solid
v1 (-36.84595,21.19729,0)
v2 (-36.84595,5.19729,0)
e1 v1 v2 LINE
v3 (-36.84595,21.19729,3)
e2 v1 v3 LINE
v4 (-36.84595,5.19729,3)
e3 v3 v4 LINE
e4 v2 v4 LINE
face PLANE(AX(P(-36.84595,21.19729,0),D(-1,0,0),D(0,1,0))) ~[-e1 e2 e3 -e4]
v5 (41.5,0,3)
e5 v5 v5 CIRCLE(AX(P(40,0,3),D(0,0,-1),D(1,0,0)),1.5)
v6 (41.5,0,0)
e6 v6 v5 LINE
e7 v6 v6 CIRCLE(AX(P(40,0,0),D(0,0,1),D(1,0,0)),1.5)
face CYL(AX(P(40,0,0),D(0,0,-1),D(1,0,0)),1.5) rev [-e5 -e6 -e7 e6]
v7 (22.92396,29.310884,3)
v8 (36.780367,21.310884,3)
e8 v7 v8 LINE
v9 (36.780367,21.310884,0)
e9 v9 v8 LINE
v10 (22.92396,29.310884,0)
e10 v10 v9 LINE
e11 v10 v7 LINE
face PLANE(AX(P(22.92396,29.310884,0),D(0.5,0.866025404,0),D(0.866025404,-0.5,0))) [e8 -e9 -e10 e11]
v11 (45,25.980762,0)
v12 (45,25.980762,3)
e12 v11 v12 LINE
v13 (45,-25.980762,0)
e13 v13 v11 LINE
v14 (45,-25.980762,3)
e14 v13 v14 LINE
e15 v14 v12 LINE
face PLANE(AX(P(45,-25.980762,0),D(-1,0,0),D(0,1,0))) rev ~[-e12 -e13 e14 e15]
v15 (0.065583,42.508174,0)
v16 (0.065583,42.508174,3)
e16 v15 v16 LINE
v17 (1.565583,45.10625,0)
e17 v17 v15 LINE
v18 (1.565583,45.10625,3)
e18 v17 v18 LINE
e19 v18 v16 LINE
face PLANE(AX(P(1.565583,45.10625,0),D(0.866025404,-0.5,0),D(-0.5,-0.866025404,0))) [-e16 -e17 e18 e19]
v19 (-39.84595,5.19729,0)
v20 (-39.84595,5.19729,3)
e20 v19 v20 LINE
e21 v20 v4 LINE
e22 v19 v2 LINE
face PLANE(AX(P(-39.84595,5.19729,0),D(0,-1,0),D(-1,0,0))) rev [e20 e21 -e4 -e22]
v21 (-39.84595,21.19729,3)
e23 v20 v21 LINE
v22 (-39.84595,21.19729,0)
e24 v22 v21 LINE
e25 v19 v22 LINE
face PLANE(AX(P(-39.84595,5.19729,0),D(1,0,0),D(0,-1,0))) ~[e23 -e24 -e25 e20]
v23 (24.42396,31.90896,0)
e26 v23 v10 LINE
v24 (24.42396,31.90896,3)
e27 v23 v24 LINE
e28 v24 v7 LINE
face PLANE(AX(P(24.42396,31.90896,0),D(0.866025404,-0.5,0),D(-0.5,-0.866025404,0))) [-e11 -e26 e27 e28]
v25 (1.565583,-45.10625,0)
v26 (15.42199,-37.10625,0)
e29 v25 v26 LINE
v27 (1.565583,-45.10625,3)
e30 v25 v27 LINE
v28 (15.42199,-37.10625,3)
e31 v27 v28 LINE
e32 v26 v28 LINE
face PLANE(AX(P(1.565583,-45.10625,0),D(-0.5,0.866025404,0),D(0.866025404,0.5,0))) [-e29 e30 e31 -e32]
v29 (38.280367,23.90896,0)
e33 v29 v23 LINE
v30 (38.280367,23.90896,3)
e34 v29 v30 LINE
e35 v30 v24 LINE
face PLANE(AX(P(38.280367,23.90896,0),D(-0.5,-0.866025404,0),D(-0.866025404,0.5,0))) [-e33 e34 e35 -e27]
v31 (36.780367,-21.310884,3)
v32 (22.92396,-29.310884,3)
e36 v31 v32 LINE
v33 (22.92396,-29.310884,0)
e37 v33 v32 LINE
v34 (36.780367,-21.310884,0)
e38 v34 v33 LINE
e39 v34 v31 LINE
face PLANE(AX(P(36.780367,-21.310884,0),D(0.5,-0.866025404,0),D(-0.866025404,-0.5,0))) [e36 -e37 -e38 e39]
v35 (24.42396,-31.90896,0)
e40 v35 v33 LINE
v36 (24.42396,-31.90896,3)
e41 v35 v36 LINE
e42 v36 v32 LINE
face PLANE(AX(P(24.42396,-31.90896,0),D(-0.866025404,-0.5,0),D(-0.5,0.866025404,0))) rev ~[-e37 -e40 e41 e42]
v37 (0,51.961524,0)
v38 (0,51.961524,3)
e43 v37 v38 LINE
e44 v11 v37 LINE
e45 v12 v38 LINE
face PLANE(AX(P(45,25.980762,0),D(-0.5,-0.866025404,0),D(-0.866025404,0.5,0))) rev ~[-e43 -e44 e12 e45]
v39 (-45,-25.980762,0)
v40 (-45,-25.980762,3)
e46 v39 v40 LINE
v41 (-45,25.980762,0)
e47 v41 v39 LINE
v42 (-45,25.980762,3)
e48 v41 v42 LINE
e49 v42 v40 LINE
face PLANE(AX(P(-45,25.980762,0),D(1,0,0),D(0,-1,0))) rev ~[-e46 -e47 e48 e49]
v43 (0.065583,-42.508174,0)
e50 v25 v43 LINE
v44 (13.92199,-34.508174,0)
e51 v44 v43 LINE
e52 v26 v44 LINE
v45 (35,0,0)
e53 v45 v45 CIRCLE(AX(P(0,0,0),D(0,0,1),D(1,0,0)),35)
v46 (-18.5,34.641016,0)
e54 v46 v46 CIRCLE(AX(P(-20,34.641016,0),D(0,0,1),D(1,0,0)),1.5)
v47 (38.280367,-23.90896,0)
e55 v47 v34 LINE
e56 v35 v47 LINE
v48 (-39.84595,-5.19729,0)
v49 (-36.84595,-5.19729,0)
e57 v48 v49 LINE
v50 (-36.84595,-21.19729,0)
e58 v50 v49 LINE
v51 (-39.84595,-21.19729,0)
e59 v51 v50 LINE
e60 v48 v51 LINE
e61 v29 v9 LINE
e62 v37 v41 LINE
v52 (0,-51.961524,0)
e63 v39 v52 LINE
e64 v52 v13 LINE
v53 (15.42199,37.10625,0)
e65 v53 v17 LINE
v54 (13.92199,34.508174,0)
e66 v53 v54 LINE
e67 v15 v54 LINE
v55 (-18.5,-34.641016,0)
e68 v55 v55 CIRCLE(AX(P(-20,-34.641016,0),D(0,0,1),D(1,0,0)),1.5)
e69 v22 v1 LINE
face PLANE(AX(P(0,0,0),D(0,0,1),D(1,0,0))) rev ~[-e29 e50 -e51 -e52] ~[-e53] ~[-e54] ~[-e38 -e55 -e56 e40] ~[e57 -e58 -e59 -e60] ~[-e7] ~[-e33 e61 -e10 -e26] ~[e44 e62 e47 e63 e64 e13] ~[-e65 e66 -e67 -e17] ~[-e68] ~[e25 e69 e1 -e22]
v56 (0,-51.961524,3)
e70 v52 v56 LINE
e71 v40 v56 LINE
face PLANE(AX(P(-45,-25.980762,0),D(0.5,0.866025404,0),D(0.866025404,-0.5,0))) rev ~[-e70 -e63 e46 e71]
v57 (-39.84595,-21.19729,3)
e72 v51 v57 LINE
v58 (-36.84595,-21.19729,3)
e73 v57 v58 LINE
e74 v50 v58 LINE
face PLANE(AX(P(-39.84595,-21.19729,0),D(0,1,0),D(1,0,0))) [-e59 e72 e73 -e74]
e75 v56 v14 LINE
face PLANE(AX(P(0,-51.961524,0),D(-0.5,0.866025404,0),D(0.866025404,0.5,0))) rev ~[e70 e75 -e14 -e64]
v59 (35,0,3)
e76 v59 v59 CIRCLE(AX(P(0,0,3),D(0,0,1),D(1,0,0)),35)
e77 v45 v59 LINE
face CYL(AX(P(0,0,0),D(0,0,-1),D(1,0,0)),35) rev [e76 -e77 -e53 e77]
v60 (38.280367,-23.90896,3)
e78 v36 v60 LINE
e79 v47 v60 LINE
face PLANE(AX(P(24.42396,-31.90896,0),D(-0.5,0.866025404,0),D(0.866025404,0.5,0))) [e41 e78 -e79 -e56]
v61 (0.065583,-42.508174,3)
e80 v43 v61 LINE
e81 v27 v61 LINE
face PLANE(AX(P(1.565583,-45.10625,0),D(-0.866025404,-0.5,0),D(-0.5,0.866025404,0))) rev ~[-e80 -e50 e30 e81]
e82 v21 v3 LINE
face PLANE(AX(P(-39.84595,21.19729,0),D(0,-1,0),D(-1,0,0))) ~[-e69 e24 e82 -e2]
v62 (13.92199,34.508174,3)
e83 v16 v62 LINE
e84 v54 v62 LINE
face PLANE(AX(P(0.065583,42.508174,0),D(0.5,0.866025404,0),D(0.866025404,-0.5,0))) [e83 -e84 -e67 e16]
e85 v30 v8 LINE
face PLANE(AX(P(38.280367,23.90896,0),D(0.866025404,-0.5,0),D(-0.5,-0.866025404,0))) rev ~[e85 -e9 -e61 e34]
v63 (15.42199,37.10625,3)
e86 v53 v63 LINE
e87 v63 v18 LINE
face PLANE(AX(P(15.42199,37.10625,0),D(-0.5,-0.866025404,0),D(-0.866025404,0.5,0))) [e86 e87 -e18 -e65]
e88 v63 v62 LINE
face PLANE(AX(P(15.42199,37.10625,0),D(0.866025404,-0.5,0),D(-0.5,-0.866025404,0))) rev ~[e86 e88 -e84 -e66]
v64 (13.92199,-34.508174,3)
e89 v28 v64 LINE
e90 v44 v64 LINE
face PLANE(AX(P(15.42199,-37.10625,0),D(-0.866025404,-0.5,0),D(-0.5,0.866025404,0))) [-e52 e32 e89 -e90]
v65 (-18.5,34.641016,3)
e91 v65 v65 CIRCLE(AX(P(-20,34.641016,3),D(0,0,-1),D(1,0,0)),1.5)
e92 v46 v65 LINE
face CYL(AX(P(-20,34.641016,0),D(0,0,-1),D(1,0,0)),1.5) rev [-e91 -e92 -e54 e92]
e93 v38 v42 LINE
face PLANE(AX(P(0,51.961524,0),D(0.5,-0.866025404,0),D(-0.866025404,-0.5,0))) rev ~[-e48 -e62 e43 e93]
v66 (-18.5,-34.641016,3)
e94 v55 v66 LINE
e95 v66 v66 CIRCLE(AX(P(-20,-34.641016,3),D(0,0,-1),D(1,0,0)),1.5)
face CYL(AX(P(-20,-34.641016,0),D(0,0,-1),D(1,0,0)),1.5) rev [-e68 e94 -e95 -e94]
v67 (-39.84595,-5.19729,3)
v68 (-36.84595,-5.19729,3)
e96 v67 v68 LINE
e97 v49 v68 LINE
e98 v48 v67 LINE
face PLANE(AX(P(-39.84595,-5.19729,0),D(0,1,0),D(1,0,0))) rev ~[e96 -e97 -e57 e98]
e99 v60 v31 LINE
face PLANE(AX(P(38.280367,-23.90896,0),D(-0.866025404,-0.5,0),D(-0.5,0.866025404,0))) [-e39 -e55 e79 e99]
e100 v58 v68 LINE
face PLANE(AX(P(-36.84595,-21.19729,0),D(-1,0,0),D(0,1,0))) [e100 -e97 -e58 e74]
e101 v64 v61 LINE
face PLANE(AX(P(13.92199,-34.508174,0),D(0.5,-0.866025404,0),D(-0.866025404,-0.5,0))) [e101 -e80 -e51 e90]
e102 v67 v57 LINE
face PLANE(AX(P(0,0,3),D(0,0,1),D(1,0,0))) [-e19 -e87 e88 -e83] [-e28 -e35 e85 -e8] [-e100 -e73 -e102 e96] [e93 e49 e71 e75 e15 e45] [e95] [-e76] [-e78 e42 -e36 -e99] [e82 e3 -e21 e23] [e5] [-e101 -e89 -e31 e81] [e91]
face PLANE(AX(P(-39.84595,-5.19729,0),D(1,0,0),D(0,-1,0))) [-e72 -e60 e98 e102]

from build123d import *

# Parameters (mm, degrees)
SKETCH_2_R                         = 35
EXTRUDE_1_DEPTH                    = 3
SKETCH_1_W                         = 3
SKETCH_1_H                         = 8
CUT_EXTRUDE_1_DEPTH                = 3
PATTERN_CIRCULAR_1_COUNT           = 3
PATTERN_CIRCULAR_1_COPY_1_SKETCH_W = 3
PATTERN_CIRCULAR_1_COPY_1_SKETCH_H = 8
PATTERN_CIRCULAR_1_COPY_1_DEPTH    = 3
PATTERN_CIRCULAR_1_COPY_2_SKETCH_W = 3
PATTERN_CIRCULAR_1_COPY_2_SKETCH_H = 8
PATTERN_CIRCULAR_1_COPY_2_DEPTH    = 3
SKETCH_3_R                         = 1.5
CUT_EXTRUDE_3_DEPTH                = 10


with BuildPart() as part:
    # Эскиз2 → Бобышка-Вытянуть1 (new body)
    with BuildSketch(Plane.XY):
        Polygon((0, 51.961524227), (-45, 25.980762114), (-45, -25.980762114), (0, -51.961524227), (45, -25.980762114), (45, 25.980762114), align=None)
        Circle(SKETCH_2_R, mode=Mode.SUBTRACT)
    extrude(amount=EXTRUDE_1_DEPTH)

    # Эскиз1 → Вырез-Вытянуть1 (cut)
    with BuildSketch(Plane.XY):
        with Locations((-38.34595, -17.19729)):
            Rectangle(SKETCH_1_W, SKETCH_1_H)
        with Locations((-38.34595, -9.19729)):
            Rectangle(SKETCH_1_W, SKETCH_1_H)
    cut_extrude_1 = extrude(amount=CUT_EXTRUDE_1_DEPTH, mode=Mode.SUBTRACT)

    # Зеркальное отражение1: Вырез-Вытянуть1 across plane
    add(cut_extrude_1.mirror(Plane.ZX), mode=Mode.SUBTRACT)

    # Круговой массив1: Вырез-Вытянуть1 ×3 about axis
    pattern_circular_1_axis = Axis((0, 0, 0), (0, 0, 1))
    for i in range(1, PATTERN_CIRCULAR_1_COUNT):
        add(cut_extrude_1.rotate(pattern_circular_1_axis, i * 360 / PATTERN_CIRCULAR_1_COUNT), mode=Mode.SUBTRACT)

    # Круговой массив1 copy 1 sketch → Круговой массив1 copy 1 (cut)
    with BuildSketch(Plane(origin=(0, 0, 0), x_dir=(-0.5, 0.866025404, 0), z_dir=(0, 0, 1))):
        with Locations((-38.34595, 17.19729)):
            Rectangle(PATTERN_CIRCULAR_1_COPY_1_SKETCH_W, PATTERN_CIRCULAR_1_COPY_1_SKETCH_H)
        with Locations((-38.34595, 9.19729)):
            Rectangle(PATTERN_CIRCULAR_1_COPY_1_SKETCH_W, PATTERN_CIRCULAR_1_COPY_1_SKETCH_H)
    extrude(amount=PATTERN_CIRCULAR_1_COPY_1_DEPTH, mode=Mode.SUBTRACT)

    # Круговой массив1 copy 2 sketch → Круговой массив1 copy 2 (cut)
    with BuildSketch(Plane(origin=(0, 0, 0), x_dir=(-0.5, -0.866025404, 0), z_dir=(0, 0, 1))):
        with Locations((-38.34595, 17.19729)):
            Rectangle(PATTERN_CIRCULAR_1_COPY_2_SKETCH_W, PATTERN_CIRCULAR_1_COPY_2_SKETCH_H)
        with Locations((-38.34595, 9.19729)):
            Rectangle(PATTERN_CIRCULAR_1_COPY_2_SKETCH_W, PATTERN_CIRCULAR_1_COPY_2_SKETCH_H)
    extrude(amount=PATTERN_CIRCULAR_1_COPY_2_DEPTH, mode=Mode.SUBTRACT)

    # Эскиз3 → Вырез-Вытянуть3 (cut)
    with BuildSketch(Plane.XY):
        with Locations((40, 0)):
            Circle(SKETCH_3_R)
        with Locations((-20, -34.641016151)):
            Circle(SKETCH_3_R)
        with Locations((-20, 34.641016151)):
            Circle(SKETCH_3_R)
    extrude(amount=CUT_EXTRUDE_3_DEPTH, mode=Mode.SUBTRACT)


solid = part.part
